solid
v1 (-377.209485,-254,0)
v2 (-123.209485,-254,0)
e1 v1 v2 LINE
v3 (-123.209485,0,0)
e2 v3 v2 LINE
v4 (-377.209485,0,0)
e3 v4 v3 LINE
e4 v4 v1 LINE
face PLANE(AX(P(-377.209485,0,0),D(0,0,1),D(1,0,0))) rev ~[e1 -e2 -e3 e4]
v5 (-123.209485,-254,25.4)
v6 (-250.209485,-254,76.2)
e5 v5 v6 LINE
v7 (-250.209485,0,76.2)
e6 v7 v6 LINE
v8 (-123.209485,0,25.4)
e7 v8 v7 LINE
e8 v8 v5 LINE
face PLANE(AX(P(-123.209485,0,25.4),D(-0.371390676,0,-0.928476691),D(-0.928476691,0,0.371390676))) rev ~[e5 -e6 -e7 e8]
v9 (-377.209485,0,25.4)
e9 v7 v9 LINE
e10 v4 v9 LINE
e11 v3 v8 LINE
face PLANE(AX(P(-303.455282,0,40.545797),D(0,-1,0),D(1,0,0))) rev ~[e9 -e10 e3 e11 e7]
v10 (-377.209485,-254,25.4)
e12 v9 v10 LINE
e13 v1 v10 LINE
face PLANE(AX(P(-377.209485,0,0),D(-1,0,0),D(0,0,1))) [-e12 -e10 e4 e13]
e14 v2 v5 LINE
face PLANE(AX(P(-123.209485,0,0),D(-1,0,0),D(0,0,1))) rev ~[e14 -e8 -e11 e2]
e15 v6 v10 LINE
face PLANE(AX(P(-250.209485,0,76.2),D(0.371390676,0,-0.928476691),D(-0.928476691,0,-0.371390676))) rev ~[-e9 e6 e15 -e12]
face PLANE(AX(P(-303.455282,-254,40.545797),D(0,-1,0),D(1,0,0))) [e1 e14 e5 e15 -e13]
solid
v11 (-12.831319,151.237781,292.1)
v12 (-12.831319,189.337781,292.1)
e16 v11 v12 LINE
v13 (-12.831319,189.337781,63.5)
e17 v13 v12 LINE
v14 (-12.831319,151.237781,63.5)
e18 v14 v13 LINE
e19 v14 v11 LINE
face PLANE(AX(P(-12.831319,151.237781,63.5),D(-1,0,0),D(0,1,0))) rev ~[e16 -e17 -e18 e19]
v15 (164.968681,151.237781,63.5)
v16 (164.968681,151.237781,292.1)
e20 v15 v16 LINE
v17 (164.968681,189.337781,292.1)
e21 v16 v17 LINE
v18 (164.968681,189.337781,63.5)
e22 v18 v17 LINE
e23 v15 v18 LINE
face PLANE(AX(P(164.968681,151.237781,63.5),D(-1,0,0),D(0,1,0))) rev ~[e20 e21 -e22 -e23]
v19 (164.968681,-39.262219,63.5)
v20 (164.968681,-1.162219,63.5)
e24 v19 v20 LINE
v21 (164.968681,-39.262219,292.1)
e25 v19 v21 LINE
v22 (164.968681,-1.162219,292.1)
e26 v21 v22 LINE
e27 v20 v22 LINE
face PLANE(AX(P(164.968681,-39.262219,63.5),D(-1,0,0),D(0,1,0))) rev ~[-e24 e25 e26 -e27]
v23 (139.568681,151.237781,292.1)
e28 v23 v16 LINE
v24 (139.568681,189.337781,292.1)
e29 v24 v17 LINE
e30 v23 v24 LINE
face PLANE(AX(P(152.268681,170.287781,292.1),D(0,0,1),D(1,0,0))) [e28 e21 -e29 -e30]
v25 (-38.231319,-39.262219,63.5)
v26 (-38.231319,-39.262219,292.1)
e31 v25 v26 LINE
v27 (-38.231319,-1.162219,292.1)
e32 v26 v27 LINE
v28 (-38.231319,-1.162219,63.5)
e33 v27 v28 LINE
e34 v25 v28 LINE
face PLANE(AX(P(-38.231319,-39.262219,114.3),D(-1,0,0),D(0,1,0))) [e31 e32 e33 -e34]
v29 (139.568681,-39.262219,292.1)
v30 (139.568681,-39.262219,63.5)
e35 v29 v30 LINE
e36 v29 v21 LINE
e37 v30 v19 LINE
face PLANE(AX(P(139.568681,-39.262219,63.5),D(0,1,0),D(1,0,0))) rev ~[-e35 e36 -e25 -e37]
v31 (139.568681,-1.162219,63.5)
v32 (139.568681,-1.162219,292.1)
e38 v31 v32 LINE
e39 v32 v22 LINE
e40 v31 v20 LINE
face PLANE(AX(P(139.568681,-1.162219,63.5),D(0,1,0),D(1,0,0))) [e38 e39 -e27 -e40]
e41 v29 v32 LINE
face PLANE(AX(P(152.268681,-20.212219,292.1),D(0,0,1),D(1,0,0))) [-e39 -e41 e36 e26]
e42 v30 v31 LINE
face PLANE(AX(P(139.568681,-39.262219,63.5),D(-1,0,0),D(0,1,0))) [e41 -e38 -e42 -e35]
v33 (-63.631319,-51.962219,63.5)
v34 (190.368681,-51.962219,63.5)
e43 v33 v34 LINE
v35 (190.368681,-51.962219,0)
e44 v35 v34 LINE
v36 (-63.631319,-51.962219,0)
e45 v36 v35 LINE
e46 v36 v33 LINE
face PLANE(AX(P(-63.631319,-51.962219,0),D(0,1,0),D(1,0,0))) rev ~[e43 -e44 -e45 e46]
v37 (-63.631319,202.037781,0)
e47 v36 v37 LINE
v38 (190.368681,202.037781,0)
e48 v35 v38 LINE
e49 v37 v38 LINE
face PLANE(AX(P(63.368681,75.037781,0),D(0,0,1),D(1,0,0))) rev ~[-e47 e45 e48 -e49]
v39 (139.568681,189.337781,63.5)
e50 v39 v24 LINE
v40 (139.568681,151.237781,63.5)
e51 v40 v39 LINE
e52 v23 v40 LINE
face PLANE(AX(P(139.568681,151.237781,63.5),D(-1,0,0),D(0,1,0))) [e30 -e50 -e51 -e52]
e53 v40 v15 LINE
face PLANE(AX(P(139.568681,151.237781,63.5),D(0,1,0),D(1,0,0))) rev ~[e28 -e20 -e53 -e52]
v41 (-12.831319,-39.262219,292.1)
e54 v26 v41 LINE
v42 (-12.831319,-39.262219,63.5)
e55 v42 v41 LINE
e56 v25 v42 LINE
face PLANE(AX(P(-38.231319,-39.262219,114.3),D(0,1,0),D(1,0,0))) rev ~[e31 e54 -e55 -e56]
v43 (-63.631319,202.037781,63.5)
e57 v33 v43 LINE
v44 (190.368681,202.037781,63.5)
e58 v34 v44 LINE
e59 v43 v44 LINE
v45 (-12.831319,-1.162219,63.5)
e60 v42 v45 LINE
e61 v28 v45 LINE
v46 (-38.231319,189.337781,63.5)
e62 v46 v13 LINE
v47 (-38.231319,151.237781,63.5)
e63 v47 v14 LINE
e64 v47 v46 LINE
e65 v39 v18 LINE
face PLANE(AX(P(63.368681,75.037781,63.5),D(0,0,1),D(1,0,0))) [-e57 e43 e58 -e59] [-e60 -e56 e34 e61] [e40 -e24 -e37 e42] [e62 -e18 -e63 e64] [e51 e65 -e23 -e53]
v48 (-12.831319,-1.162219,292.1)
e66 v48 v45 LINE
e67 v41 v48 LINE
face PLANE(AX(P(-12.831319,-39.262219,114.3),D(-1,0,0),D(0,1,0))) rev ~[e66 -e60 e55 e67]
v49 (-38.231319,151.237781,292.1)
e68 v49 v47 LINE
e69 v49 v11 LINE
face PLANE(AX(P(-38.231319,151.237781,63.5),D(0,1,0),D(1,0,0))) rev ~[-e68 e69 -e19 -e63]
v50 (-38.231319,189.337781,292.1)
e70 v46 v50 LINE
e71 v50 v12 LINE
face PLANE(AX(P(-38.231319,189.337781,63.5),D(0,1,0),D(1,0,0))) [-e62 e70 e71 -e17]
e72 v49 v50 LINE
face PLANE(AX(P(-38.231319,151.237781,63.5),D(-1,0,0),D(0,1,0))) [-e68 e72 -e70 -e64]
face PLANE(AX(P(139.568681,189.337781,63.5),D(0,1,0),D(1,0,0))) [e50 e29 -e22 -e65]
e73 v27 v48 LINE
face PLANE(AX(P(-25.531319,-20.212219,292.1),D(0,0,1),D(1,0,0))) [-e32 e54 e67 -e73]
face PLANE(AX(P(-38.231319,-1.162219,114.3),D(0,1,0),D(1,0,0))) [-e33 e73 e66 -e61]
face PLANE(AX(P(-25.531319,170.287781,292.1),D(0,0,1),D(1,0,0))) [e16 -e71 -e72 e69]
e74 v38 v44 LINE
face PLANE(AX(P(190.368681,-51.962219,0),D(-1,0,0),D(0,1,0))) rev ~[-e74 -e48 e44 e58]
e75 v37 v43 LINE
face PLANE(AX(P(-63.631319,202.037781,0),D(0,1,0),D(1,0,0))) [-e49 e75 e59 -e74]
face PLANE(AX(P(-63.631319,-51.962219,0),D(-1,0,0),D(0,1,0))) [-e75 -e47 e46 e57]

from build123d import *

# Parameters (mm, degrees)
F0_W      = 254
F0_H      = 254
F1_DEPTH  = 63.5
F2_W      = 25.4
F2_H      = 38.1
F3_DEPTH  = 50.8
F3_FACE_W = 25.4
F3_FACE_H = 38.1
F4_DEPTH  = 177.8
F5_W      = 127
F5_H      = 25.4
F6_DEPTH  = 254


with BuildPart() as f1:
    # F0 (on Top) → F1 (new body)
    with BuildSketch(Plane.XY):
        with Locations((63.368681, 75.037781)):
            Rectangle(F0_W, F0_H)
    extrude(amount=F1_DEPTH)

    # F2 (on face) → F3 (join)
    with BuildSketch(Plane.XY.offset(63.5)):
        with Locations((-25.531319, 170.287781)):
            Rectangle(F2_W, F2_H)
        with Locations((-25.531319, -20.212219)):
            Rectangle(F2_W, F2_H)
        with Locations((152.268681, -20.212219)):
            Rectangle(F2_W, F2_H)
        with Locations((152.268681, 170.287781)):
            Rectangle(F2_W, F2_H)
    extrude(amount=F3_DEPTH)

    # F3_face (on face) → F4 (join)
    with BuildSketch(Plane(origin=(-25.531319, -20.212219, 114.3), x_dir=(1, 0, 0), z_dir=(0, 0, 1))):
        Rectangle(F3_FACE_W, F3_FACE_H)
        with Locations((177.8, 0)):
            Rectangle(F3_FACE_W, F3_FACE_H)
        with Locations((177.8, 190.5)):
            Rectangle(F3_FACE_W, F3_FACE_H)
        with Locations((0, 190.5)):
            Rectangle(F3_FACE_W, F3_FACE_H)
    extrude(amount=F4_DEPTH)


with BuildPart() as f6:
    # F5 (on Front) → F6 (new body)
    with BuildSketch(Plane.XZ):
        Polygon((-377.209485, 25.4), (-250.209485, 25.4), (-250.209485, 50.8), (-250.209485, 76.2), align=None)
        Polygon((-250.209485, 50.8), (-250.209485, 25.4), (-123.209485, 25.4), (-250.209485, 76.2), align=None)
        with Locations((-186.709485, 12.7)):
            Rectangle(F5_W, F5_H)
        with Locations((-313.709485, 12.7)):
            Rectangle(F5_W, F5_H)
    extrude(amount=F6_DEPTH)


solid = Compound([f1.part, f6.part])
